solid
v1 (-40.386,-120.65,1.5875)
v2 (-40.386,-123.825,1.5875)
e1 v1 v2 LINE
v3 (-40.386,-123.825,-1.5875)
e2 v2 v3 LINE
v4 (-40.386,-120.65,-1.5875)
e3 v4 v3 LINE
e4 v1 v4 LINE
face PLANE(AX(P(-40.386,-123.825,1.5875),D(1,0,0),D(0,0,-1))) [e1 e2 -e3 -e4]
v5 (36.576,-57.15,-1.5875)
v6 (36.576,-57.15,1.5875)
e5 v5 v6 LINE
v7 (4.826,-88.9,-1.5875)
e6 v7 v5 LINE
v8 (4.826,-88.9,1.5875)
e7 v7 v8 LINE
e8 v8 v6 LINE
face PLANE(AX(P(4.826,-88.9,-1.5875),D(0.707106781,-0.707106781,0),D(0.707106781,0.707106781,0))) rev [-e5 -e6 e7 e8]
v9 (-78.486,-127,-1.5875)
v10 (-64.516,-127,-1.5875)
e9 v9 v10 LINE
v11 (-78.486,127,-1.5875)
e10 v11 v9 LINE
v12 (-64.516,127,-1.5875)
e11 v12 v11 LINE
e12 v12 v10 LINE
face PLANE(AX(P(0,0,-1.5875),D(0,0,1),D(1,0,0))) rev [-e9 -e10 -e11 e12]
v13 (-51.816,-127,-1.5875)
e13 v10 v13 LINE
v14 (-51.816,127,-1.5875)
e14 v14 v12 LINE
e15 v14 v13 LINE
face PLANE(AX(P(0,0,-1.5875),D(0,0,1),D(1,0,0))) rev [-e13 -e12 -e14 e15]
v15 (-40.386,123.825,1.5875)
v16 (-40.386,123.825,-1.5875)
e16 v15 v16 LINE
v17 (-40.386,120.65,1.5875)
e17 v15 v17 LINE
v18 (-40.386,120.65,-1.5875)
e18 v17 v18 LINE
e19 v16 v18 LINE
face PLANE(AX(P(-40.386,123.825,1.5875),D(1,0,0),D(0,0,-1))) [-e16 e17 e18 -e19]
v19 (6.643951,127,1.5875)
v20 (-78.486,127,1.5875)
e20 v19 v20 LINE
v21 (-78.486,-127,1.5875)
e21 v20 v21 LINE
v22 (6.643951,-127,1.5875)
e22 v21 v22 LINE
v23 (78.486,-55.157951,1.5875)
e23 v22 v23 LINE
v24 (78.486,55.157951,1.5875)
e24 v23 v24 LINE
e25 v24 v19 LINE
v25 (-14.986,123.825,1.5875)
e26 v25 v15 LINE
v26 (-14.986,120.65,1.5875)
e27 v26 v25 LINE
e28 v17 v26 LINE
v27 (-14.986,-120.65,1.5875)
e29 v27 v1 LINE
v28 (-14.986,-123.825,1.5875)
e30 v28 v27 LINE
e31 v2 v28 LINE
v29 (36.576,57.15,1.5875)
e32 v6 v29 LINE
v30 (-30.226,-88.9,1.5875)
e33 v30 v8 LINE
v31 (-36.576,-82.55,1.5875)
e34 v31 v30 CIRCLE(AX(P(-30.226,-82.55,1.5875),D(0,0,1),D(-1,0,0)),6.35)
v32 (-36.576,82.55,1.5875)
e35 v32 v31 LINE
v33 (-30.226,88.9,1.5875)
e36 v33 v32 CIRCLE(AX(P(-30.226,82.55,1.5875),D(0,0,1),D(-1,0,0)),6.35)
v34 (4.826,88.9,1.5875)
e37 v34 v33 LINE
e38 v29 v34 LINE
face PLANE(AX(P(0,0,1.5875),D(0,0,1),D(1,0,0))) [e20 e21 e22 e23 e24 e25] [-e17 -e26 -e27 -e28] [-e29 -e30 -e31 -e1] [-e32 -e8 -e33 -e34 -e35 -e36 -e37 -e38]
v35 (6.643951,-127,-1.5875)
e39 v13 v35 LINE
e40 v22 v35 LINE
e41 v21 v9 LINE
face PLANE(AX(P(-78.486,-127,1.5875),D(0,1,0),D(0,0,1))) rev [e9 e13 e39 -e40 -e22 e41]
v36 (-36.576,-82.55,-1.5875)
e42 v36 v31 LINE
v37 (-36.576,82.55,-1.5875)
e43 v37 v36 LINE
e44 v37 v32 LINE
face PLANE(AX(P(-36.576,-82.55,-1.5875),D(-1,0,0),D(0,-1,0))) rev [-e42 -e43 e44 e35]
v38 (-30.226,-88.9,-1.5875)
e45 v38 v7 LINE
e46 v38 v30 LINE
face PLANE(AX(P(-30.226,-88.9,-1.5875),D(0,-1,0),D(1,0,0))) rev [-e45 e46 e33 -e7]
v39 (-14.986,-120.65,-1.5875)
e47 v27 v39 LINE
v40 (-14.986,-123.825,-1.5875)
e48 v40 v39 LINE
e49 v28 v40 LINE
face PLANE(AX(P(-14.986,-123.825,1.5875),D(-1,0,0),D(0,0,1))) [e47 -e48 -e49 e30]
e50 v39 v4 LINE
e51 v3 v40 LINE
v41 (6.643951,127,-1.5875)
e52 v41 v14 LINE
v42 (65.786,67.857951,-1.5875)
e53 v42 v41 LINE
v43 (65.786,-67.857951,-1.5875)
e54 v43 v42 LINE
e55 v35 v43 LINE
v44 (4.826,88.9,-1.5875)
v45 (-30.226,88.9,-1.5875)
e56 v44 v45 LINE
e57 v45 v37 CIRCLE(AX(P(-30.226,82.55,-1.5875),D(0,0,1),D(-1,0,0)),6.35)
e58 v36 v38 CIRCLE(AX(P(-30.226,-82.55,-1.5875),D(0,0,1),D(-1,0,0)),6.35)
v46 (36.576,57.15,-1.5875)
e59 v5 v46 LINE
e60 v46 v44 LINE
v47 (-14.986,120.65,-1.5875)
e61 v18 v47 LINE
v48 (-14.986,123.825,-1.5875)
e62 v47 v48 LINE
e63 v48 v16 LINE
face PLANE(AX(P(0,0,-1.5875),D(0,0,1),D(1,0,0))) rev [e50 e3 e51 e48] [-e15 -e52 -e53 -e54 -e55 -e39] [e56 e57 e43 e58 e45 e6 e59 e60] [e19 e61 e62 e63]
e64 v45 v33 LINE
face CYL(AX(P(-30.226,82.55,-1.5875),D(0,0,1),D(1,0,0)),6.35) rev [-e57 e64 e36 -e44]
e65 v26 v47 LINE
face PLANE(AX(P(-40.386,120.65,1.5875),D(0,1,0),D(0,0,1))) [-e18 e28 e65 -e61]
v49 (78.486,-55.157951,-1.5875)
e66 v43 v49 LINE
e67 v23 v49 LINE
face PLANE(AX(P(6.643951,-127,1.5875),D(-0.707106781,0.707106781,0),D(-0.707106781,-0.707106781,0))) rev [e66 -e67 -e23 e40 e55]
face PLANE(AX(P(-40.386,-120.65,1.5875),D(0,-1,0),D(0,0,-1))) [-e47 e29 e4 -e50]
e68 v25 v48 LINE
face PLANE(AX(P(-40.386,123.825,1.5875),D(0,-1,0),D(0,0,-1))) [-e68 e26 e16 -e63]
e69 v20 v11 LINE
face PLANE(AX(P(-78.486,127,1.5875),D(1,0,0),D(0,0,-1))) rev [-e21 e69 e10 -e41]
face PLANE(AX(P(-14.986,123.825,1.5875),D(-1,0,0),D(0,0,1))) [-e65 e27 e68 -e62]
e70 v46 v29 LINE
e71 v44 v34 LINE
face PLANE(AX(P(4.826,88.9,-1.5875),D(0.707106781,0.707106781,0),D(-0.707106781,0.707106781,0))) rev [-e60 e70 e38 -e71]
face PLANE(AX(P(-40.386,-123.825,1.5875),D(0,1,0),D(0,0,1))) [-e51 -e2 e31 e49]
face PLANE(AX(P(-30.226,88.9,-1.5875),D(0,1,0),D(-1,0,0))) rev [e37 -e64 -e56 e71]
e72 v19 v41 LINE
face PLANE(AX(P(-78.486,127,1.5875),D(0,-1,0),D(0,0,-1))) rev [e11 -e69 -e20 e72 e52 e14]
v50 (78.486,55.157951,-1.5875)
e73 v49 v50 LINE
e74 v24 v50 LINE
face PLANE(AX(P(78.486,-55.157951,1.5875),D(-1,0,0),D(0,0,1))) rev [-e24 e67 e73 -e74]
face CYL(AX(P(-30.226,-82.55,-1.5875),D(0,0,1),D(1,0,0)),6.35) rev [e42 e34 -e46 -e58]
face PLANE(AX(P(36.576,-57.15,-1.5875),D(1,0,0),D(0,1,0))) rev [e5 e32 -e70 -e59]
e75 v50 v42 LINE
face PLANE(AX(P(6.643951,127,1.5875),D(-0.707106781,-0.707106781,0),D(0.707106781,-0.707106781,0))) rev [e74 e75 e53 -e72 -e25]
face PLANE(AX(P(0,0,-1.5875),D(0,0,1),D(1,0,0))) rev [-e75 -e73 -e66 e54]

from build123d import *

# Parameters (mm, degrees)
SKETCH1_W         = 25.4
SKETCH1_H         = 3.175
PLATE_DEPTH       = 1.5875
CENTER_HOLE_DEPTH = 150.328941672


with BuildPart() as part:
    # Sketch1 → Plate (new, symmetric)
    with BuildSketch(Plane.XY):
        Polygon((-78.486, 127), (6.643951031, 127), (78.486, 55.157951031), (78.486, -55.157951031), (6.643951031, -127), (-78.486, -127), align=None)
        with Locations((-27.686, 122.2375)):
            Rectangle(SKETCH1_W, SKETCH1_H, mode=Mode.SUBTRACT)
        with Locations((-27.686, -122.2375)):
            Rectangle(SKETCH1_W, SKETCH1_H, mode=Mode.SUBTRACT)
    extrude(amount=PLATE_DEPTH, both=True)

    # Sketch4 → Center Hole (cut, through all)
    with BuildSketch(Plane.XY.offset(1.5875)):
        with BuildLine():
            Line((4.826, 88.9), (36.576, 57.15))
            Line((36.576, 57.15), (36.576, -57.15))
            Line((36.576, -57.15), (4.826, -88.9))
            Line((4.826, -88.9), (-30.226, -88.9))
            ThreePointArc((-30.226, -88.9), (-34.716128061, -87.040128061), (-36.576, -82.55))
            Line((-36.576, -82.55), (-36.576, 82.55))
            ThreePointArc((-36.576, 82.55), (-34.716128061, 87.040128061), (-30.226, 88.9))
            Line((-30.226, 88.9), (4.826, 88.9))
        make_face()
    extrude(amount=-CENTER_HOLE_DEPTH, mode=Mode.SUBTRACT)


solid = part.part
